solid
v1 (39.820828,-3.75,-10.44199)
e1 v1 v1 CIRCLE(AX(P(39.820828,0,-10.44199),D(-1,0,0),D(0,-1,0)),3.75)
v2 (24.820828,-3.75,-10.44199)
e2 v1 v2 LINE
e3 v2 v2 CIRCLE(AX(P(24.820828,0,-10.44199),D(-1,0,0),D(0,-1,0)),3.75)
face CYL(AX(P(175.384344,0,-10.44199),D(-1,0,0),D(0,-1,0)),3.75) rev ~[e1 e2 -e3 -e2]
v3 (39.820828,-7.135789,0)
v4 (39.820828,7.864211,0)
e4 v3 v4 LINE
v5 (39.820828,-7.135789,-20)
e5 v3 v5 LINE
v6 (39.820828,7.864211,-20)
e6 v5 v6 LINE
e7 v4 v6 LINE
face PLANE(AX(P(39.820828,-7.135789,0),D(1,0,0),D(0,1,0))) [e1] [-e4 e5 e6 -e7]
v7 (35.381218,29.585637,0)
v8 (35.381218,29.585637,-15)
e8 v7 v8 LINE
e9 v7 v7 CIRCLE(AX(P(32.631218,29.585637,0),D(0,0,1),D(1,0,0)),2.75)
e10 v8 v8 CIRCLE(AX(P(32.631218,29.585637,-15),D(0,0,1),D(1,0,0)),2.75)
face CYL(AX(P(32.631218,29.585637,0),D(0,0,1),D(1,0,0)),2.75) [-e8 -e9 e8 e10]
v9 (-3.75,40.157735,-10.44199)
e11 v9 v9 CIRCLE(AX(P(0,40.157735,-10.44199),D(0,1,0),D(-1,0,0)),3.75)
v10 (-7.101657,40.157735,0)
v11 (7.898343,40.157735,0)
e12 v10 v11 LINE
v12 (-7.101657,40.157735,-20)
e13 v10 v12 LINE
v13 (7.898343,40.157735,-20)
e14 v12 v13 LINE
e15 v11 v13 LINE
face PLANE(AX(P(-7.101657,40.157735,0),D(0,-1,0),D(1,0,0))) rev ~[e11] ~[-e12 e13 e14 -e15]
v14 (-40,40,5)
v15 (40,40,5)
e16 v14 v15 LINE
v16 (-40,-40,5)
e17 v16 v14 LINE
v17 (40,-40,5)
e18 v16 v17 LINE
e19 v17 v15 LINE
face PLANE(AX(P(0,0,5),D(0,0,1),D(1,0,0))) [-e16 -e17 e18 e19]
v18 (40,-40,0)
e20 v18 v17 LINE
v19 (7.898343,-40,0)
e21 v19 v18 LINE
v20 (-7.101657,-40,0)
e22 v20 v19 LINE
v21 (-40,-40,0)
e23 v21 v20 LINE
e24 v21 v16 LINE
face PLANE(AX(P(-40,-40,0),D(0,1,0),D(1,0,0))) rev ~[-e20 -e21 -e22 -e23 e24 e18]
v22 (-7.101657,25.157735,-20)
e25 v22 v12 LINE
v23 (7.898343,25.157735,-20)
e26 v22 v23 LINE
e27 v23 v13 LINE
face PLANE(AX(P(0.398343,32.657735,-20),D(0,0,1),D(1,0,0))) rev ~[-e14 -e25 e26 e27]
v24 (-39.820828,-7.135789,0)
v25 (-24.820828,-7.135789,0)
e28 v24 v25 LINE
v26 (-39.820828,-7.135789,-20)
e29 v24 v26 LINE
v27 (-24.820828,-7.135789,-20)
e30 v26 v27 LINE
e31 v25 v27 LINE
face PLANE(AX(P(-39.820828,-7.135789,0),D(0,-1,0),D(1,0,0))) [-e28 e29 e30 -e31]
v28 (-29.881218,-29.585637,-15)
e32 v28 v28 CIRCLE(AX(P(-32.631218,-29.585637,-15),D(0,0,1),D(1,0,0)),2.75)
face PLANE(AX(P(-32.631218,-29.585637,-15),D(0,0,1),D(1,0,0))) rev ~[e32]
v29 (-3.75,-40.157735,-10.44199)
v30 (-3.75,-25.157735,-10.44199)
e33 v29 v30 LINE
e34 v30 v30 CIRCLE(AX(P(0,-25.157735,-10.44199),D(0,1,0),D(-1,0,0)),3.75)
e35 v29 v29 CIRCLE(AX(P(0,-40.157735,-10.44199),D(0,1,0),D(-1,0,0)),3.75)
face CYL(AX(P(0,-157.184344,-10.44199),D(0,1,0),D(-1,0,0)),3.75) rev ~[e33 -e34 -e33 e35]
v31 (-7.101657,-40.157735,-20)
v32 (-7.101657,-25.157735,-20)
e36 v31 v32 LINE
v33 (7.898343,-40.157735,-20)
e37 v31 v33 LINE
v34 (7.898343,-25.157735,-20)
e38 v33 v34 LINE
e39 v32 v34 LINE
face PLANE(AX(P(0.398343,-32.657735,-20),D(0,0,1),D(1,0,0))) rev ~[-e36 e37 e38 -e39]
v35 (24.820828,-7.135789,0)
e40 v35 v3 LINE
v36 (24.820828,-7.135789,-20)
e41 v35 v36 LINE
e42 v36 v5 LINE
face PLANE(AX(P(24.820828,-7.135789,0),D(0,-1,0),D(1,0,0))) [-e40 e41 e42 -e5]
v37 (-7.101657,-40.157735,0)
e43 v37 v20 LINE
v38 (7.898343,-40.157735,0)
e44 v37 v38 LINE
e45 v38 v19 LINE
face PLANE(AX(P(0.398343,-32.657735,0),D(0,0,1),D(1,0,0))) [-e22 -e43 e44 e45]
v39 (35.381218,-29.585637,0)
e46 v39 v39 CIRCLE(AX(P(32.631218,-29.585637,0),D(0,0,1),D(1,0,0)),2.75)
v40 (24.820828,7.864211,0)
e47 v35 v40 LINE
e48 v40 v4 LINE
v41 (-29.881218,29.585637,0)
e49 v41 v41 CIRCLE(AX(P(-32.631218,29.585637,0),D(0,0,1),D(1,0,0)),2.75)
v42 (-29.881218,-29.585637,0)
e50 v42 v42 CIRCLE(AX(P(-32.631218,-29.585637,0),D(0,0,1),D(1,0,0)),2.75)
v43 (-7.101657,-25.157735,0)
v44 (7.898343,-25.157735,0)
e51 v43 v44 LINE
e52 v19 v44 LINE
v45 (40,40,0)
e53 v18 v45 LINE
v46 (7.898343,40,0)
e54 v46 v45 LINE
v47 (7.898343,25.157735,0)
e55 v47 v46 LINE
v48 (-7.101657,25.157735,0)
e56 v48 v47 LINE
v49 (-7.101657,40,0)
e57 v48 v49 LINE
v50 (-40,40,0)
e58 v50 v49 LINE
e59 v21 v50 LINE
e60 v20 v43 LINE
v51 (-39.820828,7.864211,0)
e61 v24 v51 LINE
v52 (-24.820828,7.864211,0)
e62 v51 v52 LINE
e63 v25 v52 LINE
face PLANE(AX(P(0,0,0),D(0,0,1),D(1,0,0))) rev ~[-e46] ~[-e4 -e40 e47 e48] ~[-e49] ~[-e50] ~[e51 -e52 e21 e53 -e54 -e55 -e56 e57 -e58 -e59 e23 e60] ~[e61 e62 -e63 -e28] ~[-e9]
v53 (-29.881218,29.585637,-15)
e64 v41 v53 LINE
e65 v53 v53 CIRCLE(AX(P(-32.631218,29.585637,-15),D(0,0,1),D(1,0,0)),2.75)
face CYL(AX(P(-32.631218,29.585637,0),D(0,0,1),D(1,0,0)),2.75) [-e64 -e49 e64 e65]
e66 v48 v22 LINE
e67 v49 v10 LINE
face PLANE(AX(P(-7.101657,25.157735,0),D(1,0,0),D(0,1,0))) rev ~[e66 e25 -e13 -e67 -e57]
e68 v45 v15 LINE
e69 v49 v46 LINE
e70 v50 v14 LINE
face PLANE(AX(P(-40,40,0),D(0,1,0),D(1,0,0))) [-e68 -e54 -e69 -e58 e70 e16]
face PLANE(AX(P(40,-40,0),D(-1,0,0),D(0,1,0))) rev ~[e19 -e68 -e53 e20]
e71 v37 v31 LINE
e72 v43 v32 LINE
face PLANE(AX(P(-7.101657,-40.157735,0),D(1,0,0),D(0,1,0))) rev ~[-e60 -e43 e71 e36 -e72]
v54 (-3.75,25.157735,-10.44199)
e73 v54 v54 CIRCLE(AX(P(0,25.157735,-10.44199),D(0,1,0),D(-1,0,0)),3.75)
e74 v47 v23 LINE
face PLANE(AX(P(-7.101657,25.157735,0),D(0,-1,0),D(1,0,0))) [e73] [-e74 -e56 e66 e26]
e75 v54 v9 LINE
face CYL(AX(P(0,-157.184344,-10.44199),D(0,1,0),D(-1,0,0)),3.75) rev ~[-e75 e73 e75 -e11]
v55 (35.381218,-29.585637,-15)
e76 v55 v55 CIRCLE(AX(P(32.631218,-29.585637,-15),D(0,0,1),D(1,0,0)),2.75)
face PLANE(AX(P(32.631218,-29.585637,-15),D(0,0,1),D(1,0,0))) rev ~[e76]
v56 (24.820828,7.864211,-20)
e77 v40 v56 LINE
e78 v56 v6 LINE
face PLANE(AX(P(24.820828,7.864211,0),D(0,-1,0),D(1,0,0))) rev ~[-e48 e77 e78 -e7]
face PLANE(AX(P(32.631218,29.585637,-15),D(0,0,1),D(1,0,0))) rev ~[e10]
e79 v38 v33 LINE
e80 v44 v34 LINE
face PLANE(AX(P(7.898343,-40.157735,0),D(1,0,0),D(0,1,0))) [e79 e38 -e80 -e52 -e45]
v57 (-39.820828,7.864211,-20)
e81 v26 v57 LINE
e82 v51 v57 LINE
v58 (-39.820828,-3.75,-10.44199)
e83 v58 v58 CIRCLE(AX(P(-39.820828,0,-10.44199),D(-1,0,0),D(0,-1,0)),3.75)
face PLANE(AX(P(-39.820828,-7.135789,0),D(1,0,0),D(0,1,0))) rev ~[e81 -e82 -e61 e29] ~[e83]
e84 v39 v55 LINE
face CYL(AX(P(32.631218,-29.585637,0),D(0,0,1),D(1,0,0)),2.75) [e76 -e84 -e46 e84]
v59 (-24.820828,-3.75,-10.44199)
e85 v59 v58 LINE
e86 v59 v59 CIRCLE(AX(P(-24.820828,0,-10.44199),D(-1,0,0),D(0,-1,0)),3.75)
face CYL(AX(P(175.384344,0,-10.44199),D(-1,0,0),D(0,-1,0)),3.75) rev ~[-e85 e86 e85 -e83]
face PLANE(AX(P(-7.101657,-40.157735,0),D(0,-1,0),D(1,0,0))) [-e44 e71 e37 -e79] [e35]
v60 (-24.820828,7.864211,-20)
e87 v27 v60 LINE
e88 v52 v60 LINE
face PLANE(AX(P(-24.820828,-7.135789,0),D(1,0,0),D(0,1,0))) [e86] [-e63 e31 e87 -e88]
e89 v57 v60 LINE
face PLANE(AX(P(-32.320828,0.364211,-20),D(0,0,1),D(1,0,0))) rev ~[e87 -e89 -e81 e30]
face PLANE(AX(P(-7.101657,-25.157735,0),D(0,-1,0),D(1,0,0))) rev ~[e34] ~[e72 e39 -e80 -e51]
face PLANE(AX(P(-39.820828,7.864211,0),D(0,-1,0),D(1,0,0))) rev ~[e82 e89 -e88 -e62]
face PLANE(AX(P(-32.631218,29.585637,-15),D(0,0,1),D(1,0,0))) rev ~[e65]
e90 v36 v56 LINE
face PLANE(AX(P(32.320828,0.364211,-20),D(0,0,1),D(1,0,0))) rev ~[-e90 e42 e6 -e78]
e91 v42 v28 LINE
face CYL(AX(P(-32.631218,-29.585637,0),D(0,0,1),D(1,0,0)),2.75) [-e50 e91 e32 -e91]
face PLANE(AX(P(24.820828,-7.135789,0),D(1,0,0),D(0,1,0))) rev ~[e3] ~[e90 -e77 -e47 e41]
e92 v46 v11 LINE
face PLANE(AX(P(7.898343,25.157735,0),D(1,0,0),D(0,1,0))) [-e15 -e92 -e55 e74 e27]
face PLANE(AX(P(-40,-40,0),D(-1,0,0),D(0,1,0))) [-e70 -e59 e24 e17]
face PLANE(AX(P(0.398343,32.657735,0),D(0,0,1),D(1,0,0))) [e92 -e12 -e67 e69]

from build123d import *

# Parameters (mm, degrees)
F0_W      = 80
F0_H      = 80
F1_DEPTH  = 5
F2_W      = 15
F2_H      = 15
F3_DEPTH  = 20
F6_D      = 7.5
F9_D      = 7.5
F10_R     = 2.75
F11_DEPTH = 15


with BuildPart() as f1:
    # F0 (on Top) → F1 (new body)
    with BuildSketch(Plane.XY):
        Rectangle(F0_W, F0_H)
    extrude(amount=F1_DEPTH)

    # F2 (on Top) → F3 (join)
    with BuildSketch(Plane.XY):
        with Locations((-32.3208275437, 0.3642106242)):
            Rectangle(F2_W, F2_H)
        with Locations((32.3208275437, 0.3642106242)):
            Rectangle(F2_W, F2_H)
        with Locations((0.3983431309, -32.6577353477)):
            Rectangle(F2_W, F2_H)
        with Locations((0.3983431309, 32.6577353477)):
            Rectangle(F2_W, F2_H)
    extrude(amount=-F3_DEPTH)

    # F6 (through all)
    with Locations(Plane.XZ.offset(41.1)):
        with Locations((0, -10.4419896379)):
            Hole(F6_D / 2)

    # F9 (through all)
    with Locations(Plane.YZ.offset(59.3)):
        with Locations((0, -10.4419896379)):
            Hole(F9_D / 2)

    # F10 (on Top) → F11 (join)
    with BuildSketch(Plane.XY):
        with Locations((-32.6312184334, 29.5856371522)):
            Circle(F10_R)
        with Locations((32.6312184334, 29.5856371522)):
            Circle(F10_R)
        with Locations((32.6312184334, -29.5856371522)):
            Circle(F10_R)
        with Locations((-32.6312184334, -29.5856371522)):
            Circle(F10_R)
    extrude(amount=-F11_DEPTH)


solid = f1.part
